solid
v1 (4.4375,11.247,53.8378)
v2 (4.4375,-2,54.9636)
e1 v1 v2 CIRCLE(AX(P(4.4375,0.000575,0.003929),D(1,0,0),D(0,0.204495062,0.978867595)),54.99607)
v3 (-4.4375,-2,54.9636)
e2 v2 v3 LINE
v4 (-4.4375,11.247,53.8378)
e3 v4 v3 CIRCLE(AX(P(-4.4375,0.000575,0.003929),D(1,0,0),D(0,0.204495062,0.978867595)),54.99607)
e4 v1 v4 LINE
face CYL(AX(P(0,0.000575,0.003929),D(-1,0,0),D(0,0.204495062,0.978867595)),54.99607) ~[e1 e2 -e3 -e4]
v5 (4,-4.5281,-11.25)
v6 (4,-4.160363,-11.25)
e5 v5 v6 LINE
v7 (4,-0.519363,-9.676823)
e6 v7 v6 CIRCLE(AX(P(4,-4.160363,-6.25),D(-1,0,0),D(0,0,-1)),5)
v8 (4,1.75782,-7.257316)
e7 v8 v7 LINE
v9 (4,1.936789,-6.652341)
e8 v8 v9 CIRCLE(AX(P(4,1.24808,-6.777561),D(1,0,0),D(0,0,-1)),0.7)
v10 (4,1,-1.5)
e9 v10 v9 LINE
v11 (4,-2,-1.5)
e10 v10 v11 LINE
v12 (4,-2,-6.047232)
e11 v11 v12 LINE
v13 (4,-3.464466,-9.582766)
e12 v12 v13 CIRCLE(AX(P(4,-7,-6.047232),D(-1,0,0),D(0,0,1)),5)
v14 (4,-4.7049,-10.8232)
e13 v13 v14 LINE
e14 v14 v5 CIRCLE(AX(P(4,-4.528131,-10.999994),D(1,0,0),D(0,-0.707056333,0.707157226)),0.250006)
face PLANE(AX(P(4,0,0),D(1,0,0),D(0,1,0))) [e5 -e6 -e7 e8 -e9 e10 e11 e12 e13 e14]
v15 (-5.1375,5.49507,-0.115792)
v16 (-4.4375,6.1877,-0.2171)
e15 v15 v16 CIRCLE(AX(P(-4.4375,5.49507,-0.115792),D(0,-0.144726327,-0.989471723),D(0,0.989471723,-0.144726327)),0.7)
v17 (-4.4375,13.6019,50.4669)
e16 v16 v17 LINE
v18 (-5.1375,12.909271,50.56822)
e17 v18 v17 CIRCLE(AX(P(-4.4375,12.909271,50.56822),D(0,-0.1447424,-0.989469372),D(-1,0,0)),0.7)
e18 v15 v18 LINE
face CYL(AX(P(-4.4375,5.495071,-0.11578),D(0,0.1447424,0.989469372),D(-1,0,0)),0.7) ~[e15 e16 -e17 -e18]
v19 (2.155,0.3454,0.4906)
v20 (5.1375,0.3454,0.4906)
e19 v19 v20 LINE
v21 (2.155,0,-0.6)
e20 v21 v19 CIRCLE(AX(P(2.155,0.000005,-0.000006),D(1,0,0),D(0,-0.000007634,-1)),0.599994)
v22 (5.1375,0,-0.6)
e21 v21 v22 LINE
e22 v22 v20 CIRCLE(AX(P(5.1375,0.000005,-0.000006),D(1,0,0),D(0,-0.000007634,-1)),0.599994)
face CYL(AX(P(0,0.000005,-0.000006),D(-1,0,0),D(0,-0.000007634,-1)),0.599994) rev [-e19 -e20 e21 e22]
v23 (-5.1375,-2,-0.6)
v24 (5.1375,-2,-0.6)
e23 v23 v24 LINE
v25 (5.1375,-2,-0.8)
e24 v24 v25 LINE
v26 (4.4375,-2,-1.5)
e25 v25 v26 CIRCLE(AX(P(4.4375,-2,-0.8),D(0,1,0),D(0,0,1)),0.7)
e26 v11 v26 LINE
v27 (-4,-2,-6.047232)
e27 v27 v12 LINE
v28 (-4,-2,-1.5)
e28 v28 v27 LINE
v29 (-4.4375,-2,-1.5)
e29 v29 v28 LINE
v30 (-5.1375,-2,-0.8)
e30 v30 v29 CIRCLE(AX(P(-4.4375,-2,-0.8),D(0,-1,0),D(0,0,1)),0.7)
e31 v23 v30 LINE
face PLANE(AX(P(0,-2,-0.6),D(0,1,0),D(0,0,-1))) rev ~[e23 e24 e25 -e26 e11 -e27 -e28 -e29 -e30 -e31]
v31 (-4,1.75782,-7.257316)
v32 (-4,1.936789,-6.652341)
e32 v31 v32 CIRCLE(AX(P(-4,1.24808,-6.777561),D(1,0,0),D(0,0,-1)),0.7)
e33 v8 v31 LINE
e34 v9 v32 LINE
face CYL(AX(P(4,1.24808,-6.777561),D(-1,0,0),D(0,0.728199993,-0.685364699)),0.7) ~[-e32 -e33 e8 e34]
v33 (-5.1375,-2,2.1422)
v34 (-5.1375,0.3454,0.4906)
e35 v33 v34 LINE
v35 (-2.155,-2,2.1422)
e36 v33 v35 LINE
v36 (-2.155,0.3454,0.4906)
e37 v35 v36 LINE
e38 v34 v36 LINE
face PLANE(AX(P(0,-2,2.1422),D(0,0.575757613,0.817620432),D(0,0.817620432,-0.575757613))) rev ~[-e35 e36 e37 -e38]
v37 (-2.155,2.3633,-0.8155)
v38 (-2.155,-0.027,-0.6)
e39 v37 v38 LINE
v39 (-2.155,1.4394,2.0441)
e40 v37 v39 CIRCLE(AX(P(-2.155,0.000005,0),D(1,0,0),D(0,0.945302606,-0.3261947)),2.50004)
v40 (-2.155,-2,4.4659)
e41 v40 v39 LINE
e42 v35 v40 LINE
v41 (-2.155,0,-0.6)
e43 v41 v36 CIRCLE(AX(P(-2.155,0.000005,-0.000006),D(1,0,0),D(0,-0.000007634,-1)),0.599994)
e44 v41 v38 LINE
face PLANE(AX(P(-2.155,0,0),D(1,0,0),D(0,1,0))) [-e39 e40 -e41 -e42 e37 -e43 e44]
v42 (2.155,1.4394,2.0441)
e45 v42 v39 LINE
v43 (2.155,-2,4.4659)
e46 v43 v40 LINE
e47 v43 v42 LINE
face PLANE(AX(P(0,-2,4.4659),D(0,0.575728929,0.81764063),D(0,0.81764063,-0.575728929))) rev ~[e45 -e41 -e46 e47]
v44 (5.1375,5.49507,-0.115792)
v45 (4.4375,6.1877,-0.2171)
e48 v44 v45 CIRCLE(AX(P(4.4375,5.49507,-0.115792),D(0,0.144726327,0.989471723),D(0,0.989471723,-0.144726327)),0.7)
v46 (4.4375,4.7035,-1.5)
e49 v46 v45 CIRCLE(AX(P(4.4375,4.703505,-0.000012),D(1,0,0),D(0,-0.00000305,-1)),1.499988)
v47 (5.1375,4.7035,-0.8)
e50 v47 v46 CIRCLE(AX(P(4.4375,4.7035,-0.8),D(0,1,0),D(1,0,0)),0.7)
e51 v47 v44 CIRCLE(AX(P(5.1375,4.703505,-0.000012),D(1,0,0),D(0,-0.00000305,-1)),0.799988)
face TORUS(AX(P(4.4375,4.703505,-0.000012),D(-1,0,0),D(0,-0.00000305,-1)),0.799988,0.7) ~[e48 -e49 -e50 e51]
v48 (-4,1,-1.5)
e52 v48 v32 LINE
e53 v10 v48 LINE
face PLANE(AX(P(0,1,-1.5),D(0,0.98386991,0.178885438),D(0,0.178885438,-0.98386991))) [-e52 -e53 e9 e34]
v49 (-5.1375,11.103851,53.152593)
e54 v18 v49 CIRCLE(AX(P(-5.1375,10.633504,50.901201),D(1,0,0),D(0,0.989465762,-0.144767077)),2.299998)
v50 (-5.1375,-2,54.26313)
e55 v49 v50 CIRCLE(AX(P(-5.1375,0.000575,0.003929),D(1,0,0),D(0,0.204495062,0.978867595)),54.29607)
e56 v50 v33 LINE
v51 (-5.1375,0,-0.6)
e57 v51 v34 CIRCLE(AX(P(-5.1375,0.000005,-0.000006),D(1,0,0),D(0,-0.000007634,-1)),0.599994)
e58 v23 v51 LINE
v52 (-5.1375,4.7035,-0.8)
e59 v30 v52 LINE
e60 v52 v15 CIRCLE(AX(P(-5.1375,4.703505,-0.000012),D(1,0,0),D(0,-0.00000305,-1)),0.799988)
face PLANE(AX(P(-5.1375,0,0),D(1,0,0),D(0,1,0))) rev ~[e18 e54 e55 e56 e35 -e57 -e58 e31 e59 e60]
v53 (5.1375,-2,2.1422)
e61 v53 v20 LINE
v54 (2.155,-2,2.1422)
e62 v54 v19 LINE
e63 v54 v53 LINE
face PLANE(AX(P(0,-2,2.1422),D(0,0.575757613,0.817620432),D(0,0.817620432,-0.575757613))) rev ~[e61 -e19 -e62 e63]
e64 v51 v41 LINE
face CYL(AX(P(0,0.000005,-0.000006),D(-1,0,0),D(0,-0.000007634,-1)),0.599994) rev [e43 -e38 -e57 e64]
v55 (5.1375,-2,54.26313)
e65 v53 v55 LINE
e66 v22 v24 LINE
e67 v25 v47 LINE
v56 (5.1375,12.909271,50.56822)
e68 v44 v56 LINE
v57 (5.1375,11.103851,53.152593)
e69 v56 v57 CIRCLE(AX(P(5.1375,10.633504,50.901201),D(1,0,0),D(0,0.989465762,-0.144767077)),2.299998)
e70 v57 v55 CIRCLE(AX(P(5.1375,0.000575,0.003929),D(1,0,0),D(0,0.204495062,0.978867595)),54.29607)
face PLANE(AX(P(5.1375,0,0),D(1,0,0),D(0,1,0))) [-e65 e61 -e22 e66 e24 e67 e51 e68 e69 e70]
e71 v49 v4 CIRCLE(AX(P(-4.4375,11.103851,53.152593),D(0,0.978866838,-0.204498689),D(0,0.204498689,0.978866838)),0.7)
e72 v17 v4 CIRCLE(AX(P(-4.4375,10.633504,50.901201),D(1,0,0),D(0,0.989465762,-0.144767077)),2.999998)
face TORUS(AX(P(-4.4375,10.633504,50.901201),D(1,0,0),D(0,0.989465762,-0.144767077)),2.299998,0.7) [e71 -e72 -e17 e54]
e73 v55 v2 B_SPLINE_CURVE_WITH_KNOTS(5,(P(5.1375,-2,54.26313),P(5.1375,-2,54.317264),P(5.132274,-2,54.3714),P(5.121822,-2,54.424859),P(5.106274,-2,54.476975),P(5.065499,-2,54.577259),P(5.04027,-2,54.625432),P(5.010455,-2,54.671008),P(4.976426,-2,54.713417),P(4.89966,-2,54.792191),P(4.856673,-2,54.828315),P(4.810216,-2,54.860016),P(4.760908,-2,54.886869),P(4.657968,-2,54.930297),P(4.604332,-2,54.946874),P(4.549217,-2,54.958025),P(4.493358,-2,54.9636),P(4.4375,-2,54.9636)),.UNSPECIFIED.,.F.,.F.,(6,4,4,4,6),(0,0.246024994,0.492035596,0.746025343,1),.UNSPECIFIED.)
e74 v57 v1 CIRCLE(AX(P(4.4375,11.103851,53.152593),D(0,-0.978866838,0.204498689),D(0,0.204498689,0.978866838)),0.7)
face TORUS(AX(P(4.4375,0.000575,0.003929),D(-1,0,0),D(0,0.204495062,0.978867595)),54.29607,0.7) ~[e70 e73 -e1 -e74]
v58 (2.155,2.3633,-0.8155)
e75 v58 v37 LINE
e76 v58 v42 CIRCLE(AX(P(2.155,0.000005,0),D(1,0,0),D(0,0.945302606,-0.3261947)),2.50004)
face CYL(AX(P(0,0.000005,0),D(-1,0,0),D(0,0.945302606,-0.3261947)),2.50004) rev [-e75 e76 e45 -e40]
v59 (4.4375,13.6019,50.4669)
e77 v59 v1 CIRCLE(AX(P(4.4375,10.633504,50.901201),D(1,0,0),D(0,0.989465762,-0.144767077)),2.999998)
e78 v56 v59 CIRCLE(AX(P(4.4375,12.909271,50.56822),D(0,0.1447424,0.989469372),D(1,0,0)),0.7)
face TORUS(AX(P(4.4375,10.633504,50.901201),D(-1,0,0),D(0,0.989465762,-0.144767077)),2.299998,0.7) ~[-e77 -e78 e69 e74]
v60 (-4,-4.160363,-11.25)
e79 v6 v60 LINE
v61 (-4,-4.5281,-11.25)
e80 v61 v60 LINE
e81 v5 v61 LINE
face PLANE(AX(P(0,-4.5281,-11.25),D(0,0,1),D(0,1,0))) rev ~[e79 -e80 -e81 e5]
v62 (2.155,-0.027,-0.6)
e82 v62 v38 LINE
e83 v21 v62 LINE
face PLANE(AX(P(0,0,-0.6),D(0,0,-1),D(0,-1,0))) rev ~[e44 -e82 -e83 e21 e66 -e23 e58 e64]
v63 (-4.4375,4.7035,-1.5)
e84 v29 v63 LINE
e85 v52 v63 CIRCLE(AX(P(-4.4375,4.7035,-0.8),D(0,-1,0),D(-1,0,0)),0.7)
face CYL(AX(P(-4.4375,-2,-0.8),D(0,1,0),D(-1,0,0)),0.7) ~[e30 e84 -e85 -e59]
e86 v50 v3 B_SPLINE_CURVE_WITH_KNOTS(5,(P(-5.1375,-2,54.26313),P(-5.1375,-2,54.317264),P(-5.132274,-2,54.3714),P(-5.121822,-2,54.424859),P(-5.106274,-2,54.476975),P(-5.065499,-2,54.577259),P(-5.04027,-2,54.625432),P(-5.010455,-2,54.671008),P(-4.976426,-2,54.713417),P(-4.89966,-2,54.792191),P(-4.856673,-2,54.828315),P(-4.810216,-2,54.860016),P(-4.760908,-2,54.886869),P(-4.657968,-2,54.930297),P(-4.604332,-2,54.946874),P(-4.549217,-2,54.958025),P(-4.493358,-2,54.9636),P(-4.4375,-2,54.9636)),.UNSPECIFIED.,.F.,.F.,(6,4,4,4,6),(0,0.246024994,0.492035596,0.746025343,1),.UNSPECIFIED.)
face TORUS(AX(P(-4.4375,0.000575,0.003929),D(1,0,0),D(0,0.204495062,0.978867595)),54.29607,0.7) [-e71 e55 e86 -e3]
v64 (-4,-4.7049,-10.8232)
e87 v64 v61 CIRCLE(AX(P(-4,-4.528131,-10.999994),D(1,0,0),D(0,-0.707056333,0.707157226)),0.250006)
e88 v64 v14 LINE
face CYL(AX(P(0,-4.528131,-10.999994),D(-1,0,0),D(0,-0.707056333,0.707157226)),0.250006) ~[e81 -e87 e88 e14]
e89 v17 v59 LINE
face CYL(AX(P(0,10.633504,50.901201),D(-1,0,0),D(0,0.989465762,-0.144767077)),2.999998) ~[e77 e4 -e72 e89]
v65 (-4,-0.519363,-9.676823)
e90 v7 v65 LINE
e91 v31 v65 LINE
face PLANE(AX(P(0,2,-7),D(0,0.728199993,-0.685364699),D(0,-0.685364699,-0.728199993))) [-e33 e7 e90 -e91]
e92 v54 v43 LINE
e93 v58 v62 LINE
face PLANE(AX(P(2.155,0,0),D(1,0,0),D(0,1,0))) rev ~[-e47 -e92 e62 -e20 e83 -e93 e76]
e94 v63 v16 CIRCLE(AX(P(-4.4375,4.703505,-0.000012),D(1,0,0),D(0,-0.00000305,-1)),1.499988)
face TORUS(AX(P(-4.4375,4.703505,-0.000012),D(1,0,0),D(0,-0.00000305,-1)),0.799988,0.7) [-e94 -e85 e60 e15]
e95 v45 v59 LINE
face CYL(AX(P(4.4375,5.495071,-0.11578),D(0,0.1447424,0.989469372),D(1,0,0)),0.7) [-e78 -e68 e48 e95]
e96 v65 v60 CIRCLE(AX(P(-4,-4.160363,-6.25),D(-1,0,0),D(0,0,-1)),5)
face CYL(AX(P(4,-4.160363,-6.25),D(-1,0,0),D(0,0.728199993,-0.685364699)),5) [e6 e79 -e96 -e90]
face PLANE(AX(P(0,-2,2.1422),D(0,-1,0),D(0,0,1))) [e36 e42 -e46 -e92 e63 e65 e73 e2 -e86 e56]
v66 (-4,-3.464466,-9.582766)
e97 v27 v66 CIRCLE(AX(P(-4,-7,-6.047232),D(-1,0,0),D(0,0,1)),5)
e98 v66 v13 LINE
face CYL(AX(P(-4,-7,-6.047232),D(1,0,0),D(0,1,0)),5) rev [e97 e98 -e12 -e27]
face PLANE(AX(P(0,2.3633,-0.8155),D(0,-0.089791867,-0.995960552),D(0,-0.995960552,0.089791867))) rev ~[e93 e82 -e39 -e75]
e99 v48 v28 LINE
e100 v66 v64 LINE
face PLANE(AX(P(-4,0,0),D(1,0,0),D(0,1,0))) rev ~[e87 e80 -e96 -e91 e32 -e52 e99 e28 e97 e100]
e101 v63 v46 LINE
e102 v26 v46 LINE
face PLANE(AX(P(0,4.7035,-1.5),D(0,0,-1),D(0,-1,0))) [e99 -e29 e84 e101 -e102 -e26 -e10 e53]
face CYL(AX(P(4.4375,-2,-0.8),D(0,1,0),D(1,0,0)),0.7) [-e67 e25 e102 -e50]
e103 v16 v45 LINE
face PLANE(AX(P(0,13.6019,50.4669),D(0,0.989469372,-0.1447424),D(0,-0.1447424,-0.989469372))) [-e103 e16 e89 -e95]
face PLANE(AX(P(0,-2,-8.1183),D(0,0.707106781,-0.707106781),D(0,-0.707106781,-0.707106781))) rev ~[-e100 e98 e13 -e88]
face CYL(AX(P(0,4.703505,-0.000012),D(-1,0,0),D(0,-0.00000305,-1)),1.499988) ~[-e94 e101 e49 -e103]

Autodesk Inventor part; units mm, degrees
ref_plane "YZ Plane" through (0, 0, 0) normal (1, 0, 0) x (0, 1, 0)
ref_plane "XZ Plane" through (0, 0, 0) normal (0, 1, 0) x (-1, 0, 0)
ref_plane "XY Plane" through (0, 0, 0) normal (0, 0, 1) x (1, 0, 0)
sketch "Profile Sketch" plane through (0, 0, 0) normal (1, 0, 0) x (0, 1, 0)
  line L0 (-2, 2.1422) -> (-2, 54.9636)
  arc A0 (11.247, 53.8378) -> (-2, 54.9636) centre (0, 0) ccw
  line L1 (13.6019, 50.4669) -> (6.1877, -0.2171)
  line L2 (-2, 2.1422) -> (0.3454, 0.4906)
  arc A1 (0, -0.6) -> (0.3454, 0.4906) centre (0, 0) ccw
  line L3 (0, -0.6) -> (-2, -0.6)
  line L4 (-2, -0.6) -> (-2, -8.1183)
  line L5 (-2, -8.1183) -> (-4.7049, -10.8232)
  line L6 (-4.7781, -11.25) -> (-2, -11.25)
  line L7 (4.7035, -1.5) -> (1.4679, -1.5)
  line L8 (1, -1.5) -> (2, -7)
  line L9 (2, -7) -> (-2, -11.25)
  line L10 (-2, 4.4659) -> (1.4394, 2.0441)
  arc A2 (2.3633, -0.8155) -> (1.4394, 2.0441) centre (0, 0) ccw
  line L11 (2.3633, -0.8155) -> (-0.027, -0.6)
  arc A3 (4.7035, -1.5) -> (6.1877, -0.2171) centre (4.7035, 0) ccw
  arc A4 (13.6019, 50.4669) -> (11.247, 53.8378) centre (10.6335, 50.9012) ccw
  line L12 (4.7035, 0) -> (0, 0) construction
  line L13 (1.4679, -1.5) -> (-2, -1.5)
  arc A5 (-4.7049, -10.8232) -> (-4.5281, -11.25) centre (-4.5281, -11) ccw
  line L14 (-4.7781, -11.25) -> (-4.7781, -11) construction
  point P0 (14, 53.1883)
  point P1 (6, -1.5)
  dimension "d0" = 0.6
  dimension "d2" = 45
  dimension "d4" = 55
  dimension "d7" = 54.848
  dimension "d8" = 2.5
  dimension "d9" = 5.152
  dimension "d10" = 2
  dimension "d11" = 16
  dimension "d12" = 8
  dimension "d13" = 1.5
  dimension "d14" = 3
  dimension "d20" = 2.7781
  dimension "d26" = 11
  dimension "d27" = 0.25
  dimension "d28" = 7
  dimension "d30" = 1
  dimension "d31" = 3
extrude "Main Key" add sketch "Profile Sketch" along normal mid plane 10.275 contours L0 L10 A2 L11 L3 A1 L2 | L0 A0 A4 L1 A3 L7 L13 L4 L3 L11 A2 L10
extrude "Extrusion2" add sketch "Profile Sketch" along normal mid plane 8 contours L13 L8 L9 L6 A5 L5 L4
fillet "Fillet1" radius 0.7 10 edges at (-5.1375, 5.6844, -1.1348) (-5.1375, 1.3517, -1.5) (-5.1375, 13.0928, 52.6193) (-5.1375, 4.6576, 54.8024) (-5.1375, 9.8948, 25.1249) (5.1375, 13.0928, 52.6193) (5.1375, 4.6576, 54.8024) (5.1375, 5.6844, -1.1348) (5.1375, 1.3517, -1.5) (5.1375, 9.8948, 25.1249)
extrude "Extrusion3" cut sketch "Profile Sketch" along normal mid plane 4.31 contours L0 L10 A2 L11 L3 A1 L2
fillet "Fillet2" radius 5 2 edges at (0, -2, -8.1183) (0, -2, -11.25)
fillet "Fillet3" radius 0.7 1 edges at (0, 2, -7)
equation "\"d0\" = hingeSocketRad"
equation "\"d4\" = blackKeyLength"
equation "\"hingeSocketRad\" = 0.6"
equation "\"blackKeyLength\" = 55"
properties part number "black_key" material "PLA (Black, 3D Printed)"
